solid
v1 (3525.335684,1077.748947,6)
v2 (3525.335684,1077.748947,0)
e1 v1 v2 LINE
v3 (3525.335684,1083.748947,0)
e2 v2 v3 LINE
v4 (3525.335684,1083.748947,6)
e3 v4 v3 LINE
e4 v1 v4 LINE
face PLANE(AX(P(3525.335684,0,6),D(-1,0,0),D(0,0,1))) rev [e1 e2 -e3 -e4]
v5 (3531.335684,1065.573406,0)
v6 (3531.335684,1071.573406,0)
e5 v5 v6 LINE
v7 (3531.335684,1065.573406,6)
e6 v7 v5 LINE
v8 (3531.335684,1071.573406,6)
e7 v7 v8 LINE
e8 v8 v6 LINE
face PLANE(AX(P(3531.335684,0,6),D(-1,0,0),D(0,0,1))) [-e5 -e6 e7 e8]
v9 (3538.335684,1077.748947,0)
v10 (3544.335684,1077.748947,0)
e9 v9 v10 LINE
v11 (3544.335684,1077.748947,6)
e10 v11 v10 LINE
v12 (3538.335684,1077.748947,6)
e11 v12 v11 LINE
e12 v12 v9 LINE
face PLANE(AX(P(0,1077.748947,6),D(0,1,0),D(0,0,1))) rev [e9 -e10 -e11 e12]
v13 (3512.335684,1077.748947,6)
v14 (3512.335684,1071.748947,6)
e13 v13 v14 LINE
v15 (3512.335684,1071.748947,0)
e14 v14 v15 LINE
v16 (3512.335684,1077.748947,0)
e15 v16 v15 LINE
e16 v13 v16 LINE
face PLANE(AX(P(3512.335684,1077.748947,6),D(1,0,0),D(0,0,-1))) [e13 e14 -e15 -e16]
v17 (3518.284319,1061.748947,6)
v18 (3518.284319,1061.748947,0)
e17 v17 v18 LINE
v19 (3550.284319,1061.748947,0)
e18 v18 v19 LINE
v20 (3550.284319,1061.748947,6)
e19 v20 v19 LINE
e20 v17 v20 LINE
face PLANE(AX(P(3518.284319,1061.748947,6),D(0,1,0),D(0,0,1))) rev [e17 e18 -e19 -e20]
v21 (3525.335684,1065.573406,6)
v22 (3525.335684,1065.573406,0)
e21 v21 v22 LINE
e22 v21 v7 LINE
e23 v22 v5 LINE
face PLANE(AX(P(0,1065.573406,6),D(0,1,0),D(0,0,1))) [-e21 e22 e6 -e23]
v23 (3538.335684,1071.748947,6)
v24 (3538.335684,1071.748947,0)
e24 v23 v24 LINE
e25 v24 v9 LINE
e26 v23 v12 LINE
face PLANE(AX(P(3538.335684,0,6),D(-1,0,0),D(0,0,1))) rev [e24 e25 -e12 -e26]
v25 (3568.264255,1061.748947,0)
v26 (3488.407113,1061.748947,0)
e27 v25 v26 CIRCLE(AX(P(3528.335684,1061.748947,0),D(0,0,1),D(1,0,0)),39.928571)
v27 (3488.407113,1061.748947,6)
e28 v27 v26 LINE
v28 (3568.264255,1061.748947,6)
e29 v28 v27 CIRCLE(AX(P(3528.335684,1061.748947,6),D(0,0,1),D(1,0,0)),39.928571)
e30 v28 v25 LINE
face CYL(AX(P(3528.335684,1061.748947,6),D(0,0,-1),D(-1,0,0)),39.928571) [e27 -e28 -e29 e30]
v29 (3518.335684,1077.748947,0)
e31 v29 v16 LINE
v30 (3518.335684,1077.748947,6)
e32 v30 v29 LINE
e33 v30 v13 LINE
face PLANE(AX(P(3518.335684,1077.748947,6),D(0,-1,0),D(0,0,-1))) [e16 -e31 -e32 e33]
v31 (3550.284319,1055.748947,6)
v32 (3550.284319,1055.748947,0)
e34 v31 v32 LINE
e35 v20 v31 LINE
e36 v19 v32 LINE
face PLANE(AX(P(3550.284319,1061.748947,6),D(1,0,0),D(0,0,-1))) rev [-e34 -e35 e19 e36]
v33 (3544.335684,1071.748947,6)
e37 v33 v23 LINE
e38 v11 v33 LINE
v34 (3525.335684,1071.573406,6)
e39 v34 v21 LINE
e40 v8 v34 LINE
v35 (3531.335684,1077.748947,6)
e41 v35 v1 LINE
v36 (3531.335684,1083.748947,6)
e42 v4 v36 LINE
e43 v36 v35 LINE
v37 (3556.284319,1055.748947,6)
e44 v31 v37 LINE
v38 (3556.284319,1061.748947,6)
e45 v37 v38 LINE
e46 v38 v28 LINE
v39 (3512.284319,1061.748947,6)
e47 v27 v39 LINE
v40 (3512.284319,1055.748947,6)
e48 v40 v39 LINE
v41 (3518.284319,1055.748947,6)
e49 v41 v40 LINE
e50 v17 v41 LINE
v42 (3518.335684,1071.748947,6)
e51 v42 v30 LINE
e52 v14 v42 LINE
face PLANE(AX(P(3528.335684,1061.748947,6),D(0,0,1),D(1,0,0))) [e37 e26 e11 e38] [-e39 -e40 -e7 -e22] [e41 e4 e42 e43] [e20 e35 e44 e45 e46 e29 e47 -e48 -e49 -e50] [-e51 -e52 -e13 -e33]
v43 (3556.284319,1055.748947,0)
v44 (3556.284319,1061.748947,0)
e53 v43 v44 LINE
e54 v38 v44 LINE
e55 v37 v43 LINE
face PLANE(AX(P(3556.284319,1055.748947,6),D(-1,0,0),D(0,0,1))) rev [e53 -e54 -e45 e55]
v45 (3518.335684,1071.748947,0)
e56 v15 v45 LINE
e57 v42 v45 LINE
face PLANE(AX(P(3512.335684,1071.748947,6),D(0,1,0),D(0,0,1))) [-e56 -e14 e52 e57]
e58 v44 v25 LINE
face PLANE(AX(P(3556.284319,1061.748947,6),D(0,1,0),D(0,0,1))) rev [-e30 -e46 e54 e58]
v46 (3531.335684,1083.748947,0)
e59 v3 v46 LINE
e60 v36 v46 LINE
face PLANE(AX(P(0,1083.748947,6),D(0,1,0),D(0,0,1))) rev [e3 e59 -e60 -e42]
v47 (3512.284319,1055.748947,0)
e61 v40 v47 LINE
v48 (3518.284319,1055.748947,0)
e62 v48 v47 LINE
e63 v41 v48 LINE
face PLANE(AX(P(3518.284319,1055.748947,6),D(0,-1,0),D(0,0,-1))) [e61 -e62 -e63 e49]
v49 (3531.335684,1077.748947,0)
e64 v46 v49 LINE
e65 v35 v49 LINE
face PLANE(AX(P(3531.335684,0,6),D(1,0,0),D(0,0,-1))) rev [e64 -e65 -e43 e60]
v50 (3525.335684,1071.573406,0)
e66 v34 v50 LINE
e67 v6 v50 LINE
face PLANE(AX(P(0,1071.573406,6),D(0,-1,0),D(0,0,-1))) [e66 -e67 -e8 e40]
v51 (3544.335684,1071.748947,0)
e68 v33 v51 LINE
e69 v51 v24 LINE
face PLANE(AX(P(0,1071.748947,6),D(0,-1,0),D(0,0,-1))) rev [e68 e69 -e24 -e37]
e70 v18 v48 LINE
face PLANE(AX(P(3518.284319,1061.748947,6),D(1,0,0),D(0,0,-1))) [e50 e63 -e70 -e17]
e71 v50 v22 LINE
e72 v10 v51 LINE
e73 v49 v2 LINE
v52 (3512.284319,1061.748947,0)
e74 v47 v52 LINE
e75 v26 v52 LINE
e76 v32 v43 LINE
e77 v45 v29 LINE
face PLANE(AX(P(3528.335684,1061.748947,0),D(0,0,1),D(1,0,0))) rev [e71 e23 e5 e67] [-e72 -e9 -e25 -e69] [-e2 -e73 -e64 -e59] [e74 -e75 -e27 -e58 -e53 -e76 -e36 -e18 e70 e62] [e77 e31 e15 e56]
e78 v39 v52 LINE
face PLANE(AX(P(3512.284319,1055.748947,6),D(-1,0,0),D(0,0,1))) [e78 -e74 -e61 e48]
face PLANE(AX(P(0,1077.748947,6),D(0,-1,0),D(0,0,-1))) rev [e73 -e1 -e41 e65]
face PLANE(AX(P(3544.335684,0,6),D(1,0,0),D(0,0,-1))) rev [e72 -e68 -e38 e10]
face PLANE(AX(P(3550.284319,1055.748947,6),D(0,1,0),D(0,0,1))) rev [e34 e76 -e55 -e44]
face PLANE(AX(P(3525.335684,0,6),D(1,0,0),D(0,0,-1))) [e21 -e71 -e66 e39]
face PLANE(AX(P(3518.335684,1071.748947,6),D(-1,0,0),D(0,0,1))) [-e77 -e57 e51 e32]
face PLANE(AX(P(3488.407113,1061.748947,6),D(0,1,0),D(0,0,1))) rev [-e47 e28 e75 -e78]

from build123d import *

# Parameters (mm, degrees)
MODEL_W             = 6
MODEL_H             = 6
BOSS_EXTRUDE1_DEPTH = 6


with BuildPart() as part:
    # Model → Boss-Extrude1 (new body)
    with BuildSketch(Plane.XY):
        with BuildLine():
            Line((3550.284318909, 1061.748947436), (3550.284318909, 1055.748947436))
            Line((3550.284318909, 1055.748947436), (3556.284318909, 1055.748947436))
            Line((3556.284318909, 1055.748947436), (3556.284318909, 1061.748947436))
            Line((3556.284318909, 1061.748947436), (3568.264255366, 1061.748947436))
            ThreePointArc((3568.264255366, 1061.748947436), (3528.335683937, 1101.677518865), (3488.407112509, 1061.748947436))
            Line((3488.407112509, 1061.748947436), (3512.284318909, 1061.748947436))
            Line((3512.284318909, 1061.748947436), (3512.284318909, 1055.748947436))
            Line((3512.284318909, 1055.748947436), (3518.284318909, 1055.748947436))
            Line((3518.284318909, 1055.748947436), (3518.284318909, 1061.748947436))
            Line((3518.284318909, 1061.748947436), (3550.284318909, 1061.748947436))
        make_face()
        with Locations((3541.335683937, 1074.748947436)):
            Rectangle(MODEL_W, MODEL_H, mode=Mode.SUBTRACT)
        with Locations((3515.335683937, 1074.748947436)):
            Rectangle(MODEL_W, MODEL_H, mode=Mode.SUBTRACT)
        with Locations((3528.335683937, 1080.748947436)):
            Rectangle(MODEL_W, MODEL_H, mode=Mode.SUBTRACT)
        with Locations((3528.335683937, 1068.57340627)):
            Rectangle(MODEL_W, MODEL_H, mode=Mode.SUBTRACT)
    extrude(amount=BOSS_EXTRUDE1_DEPTH)


solid = part.part
